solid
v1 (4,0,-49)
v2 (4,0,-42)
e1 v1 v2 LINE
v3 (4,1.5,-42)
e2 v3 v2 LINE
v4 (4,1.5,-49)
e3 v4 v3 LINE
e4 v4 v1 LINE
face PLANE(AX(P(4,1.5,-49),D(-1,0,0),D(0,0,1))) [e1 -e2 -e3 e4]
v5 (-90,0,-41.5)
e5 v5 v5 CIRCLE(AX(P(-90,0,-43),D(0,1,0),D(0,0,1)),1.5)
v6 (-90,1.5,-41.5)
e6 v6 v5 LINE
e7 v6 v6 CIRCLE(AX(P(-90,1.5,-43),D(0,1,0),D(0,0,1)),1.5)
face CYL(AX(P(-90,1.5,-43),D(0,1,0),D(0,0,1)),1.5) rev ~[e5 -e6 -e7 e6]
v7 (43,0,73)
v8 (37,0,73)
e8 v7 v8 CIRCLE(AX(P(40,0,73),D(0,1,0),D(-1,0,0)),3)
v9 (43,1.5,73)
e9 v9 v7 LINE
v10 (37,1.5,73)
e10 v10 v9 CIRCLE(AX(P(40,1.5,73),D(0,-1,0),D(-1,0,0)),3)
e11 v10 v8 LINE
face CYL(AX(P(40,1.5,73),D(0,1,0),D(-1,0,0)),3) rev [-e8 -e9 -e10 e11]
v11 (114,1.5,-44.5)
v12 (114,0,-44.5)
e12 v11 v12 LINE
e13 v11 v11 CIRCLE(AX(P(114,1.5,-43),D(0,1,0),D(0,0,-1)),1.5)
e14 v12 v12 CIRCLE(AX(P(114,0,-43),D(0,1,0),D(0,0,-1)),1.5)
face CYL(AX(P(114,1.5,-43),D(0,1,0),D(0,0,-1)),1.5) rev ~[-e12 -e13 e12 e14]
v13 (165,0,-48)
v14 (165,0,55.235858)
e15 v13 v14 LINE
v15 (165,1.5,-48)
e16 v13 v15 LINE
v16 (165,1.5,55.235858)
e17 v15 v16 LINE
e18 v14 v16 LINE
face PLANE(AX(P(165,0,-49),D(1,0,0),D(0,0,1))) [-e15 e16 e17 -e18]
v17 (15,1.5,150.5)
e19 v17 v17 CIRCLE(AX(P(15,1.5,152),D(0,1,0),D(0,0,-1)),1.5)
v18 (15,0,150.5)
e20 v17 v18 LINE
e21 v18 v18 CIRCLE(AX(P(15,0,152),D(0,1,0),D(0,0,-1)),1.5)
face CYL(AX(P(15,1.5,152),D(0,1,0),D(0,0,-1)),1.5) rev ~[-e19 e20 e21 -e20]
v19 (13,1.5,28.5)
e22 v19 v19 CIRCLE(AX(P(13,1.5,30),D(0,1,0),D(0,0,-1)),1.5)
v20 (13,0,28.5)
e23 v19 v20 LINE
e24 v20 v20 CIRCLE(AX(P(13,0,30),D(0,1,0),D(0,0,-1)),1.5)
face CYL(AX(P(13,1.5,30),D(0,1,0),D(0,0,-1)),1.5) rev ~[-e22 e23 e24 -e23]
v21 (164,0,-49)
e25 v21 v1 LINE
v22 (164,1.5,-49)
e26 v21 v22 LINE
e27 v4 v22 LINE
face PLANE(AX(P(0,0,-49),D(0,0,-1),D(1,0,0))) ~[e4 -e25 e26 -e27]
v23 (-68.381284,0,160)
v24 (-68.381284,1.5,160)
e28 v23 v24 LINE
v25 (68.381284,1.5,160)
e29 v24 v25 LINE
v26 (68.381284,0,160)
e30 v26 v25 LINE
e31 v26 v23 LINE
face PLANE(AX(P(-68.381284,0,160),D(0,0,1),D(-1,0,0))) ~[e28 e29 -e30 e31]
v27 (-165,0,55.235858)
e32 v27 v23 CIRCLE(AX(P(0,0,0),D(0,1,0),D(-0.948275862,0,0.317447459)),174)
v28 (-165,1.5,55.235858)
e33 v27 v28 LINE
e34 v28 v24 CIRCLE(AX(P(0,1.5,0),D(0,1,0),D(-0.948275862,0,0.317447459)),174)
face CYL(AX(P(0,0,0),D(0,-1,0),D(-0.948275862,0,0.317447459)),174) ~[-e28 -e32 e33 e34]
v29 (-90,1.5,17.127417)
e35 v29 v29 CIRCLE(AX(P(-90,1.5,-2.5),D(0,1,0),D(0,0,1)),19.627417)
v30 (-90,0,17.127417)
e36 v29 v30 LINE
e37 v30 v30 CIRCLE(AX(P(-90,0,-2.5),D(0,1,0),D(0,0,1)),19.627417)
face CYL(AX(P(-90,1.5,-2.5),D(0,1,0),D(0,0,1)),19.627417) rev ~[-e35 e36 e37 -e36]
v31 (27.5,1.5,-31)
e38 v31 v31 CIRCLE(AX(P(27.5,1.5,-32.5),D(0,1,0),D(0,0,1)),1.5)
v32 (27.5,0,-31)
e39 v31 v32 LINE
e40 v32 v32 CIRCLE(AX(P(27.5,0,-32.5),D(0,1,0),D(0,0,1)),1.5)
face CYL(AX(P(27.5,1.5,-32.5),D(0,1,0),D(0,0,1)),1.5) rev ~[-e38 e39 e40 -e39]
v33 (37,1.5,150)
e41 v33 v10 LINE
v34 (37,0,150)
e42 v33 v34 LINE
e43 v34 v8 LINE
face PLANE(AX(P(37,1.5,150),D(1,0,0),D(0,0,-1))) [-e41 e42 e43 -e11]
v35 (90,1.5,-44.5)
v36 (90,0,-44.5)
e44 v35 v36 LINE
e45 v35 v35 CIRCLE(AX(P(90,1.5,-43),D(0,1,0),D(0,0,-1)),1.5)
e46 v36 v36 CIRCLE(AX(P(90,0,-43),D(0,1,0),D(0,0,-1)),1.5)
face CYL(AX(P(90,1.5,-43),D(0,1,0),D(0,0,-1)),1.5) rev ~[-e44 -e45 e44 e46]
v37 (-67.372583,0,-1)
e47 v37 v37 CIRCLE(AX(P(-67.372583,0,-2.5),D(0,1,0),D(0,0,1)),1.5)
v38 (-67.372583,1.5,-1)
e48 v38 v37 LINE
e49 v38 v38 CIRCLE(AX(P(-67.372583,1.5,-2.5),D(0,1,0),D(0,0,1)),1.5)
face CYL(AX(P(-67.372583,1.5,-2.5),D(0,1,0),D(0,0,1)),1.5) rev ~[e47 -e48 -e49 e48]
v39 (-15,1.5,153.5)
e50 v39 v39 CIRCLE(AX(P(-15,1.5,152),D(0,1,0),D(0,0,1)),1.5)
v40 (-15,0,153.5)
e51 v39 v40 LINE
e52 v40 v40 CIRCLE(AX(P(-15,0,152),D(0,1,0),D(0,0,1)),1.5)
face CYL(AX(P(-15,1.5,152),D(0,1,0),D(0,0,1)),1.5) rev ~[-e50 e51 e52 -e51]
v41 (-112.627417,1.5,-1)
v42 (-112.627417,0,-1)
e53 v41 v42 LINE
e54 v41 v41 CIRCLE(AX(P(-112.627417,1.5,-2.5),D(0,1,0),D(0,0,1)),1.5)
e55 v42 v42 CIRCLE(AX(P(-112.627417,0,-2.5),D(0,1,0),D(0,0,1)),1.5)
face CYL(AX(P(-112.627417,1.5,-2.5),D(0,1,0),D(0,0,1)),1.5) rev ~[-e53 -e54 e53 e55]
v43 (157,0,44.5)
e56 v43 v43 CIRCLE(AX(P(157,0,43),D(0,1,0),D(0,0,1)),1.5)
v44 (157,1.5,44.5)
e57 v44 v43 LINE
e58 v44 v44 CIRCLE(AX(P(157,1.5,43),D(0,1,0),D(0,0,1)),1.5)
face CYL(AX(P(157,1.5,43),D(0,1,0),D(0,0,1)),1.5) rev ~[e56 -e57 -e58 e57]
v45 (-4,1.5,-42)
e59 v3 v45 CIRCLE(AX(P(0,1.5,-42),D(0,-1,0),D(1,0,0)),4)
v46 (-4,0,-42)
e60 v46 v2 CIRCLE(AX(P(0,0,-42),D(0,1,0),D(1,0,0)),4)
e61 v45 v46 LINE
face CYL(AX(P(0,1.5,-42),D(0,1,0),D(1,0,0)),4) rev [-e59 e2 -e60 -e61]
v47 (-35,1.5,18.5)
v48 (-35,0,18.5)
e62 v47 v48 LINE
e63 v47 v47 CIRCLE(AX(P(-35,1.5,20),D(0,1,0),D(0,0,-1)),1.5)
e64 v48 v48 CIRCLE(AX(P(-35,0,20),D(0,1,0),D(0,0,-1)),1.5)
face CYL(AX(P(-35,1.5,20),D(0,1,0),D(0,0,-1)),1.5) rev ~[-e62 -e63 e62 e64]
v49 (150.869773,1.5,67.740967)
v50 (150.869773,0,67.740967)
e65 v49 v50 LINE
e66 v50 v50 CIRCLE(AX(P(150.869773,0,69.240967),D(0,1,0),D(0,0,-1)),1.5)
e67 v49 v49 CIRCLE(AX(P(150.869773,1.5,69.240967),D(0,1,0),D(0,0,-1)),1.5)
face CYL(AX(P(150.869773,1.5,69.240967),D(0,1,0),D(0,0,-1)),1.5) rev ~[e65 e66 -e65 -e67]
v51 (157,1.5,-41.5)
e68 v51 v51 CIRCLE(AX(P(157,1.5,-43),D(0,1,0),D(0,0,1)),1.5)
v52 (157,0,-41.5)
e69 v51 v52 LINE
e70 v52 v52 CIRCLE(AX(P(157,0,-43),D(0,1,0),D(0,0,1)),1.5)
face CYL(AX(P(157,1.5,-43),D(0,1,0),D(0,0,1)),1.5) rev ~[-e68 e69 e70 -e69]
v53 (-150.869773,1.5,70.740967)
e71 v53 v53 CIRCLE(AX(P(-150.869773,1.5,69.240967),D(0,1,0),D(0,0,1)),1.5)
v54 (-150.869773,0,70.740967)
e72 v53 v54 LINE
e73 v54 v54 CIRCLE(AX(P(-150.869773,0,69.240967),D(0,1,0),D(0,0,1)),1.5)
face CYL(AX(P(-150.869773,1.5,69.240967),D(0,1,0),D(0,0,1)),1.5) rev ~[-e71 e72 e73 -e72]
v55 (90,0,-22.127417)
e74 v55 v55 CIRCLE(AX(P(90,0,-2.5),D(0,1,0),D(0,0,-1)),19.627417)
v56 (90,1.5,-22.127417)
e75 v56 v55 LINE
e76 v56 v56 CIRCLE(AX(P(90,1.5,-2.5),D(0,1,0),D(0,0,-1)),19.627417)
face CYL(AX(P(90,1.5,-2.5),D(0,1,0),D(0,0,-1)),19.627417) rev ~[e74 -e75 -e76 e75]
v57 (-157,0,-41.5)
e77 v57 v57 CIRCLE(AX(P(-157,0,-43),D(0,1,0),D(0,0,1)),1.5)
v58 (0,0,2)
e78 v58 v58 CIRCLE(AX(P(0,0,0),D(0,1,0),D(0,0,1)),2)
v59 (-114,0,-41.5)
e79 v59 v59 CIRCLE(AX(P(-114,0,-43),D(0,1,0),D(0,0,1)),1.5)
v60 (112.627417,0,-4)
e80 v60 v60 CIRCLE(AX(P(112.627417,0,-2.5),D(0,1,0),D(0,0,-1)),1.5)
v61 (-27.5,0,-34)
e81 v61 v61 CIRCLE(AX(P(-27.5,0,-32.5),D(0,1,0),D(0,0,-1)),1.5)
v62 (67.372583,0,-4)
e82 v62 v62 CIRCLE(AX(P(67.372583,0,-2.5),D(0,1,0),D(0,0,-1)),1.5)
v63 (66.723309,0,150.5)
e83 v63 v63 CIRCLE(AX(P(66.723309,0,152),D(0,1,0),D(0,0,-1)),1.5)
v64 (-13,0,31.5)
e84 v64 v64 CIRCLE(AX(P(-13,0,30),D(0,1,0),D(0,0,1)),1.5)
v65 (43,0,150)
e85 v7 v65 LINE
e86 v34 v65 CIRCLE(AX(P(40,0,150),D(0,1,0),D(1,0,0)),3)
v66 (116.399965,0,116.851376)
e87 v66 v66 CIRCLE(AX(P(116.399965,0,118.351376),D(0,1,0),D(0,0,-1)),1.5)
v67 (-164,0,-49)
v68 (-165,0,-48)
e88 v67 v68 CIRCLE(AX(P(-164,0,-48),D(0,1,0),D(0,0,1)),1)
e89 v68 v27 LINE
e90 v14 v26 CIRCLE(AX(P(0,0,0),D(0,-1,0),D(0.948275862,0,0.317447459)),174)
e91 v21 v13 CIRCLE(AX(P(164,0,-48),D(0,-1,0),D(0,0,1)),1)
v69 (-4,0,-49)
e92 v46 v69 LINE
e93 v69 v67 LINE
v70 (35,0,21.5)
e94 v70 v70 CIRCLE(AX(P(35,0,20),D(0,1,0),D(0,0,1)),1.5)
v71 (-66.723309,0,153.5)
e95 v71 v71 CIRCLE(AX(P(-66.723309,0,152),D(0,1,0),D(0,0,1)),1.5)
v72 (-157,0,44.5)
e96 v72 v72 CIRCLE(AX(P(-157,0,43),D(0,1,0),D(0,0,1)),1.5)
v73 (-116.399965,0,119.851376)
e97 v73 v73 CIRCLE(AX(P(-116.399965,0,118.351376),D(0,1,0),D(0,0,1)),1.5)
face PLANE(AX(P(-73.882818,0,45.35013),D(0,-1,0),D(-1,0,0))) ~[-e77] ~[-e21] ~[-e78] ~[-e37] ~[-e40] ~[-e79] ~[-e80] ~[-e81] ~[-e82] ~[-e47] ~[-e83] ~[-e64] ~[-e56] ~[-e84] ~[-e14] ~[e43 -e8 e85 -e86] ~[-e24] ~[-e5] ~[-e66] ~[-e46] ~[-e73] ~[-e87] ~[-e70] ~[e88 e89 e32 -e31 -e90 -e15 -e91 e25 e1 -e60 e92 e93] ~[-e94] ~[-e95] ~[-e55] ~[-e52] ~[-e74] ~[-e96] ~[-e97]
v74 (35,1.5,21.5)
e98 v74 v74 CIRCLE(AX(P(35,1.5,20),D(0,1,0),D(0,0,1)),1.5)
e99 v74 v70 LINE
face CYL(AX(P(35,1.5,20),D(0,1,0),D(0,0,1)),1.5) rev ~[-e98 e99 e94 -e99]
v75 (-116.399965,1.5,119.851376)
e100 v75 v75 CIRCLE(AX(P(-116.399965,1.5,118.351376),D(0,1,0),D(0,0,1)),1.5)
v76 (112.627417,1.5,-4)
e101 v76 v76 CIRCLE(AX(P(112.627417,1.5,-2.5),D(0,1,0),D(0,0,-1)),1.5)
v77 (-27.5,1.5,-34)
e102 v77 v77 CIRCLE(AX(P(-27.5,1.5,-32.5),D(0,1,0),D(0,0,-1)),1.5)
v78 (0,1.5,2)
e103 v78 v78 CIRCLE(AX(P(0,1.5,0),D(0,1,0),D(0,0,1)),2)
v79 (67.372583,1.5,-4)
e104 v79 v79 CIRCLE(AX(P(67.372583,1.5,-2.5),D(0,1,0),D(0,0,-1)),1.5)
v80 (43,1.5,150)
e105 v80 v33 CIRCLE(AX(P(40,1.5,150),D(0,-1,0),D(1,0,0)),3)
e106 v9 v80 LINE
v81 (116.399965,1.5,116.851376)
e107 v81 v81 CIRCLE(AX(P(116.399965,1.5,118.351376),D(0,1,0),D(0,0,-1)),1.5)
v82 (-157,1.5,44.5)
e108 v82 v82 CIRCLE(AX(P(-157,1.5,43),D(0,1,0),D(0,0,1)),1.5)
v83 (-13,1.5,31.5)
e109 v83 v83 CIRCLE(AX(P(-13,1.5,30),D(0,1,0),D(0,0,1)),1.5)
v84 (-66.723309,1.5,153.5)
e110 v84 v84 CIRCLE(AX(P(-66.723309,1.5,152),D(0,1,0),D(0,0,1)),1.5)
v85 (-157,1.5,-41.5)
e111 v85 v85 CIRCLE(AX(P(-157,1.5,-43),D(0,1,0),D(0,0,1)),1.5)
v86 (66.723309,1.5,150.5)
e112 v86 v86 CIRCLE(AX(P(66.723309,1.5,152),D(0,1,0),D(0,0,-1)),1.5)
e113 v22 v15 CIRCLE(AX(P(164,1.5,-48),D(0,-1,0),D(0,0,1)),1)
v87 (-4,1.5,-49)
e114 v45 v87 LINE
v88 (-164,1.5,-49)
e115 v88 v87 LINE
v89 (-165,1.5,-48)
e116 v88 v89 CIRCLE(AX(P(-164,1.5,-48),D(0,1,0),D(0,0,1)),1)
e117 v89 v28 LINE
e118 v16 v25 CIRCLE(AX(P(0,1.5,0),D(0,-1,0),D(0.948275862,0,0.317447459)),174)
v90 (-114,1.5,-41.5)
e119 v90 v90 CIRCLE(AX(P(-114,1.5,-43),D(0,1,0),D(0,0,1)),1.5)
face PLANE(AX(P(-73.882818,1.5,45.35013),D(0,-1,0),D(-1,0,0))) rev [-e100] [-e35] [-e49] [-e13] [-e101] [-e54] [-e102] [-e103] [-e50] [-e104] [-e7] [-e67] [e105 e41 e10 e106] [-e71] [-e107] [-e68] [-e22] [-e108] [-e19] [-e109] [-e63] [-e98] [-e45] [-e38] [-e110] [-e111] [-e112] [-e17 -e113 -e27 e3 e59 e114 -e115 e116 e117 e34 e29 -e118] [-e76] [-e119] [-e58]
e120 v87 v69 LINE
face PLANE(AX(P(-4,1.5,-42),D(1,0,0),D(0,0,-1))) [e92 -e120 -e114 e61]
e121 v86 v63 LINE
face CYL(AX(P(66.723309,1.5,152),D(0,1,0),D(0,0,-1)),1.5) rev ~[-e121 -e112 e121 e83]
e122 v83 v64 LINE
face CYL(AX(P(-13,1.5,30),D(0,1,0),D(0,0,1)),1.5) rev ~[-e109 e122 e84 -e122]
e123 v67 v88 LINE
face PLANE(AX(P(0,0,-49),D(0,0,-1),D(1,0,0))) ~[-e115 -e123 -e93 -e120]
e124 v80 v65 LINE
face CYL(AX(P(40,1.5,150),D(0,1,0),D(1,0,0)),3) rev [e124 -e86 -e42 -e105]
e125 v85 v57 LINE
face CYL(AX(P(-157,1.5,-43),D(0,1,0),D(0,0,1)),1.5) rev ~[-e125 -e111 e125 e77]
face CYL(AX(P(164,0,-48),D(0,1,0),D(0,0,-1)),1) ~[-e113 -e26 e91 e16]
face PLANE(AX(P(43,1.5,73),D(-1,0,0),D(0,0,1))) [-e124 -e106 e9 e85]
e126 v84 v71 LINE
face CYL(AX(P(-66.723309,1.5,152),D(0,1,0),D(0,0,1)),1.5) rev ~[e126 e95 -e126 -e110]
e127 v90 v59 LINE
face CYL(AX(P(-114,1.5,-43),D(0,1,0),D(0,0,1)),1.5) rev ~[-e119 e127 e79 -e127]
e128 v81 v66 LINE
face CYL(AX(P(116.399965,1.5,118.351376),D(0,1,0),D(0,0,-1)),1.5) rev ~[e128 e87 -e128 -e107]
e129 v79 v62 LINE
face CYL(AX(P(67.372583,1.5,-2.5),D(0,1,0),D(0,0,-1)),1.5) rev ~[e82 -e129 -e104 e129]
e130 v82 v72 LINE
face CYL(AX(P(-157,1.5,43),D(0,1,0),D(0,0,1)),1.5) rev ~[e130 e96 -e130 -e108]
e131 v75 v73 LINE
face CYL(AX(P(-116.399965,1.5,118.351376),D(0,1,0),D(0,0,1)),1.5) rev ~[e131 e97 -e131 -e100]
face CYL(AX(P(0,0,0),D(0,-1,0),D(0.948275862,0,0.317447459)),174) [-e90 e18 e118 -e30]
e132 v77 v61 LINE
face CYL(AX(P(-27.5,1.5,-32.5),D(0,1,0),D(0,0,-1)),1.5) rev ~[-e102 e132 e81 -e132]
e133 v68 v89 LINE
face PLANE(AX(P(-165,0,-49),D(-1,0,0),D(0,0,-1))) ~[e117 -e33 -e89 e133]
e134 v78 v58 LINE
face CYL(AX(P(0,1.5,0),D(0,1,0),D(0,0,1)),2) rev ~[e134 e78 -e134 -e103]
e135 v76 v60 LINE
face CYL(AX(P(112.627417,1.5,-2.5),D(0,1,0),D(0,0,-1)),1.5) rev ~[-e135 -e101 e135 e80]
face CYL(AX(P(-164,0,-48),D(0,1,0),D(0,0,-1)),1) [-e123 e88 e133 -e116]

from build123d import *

# Parameters (mm, degrees)
BOSS_EXTRU_1_DEPTH      = 1.5
ESQUISSE7_R             = 1.5
ENL_V_MAT_EXTRU_5_DEPTH = 230.841793415
ESQUISSE8_R             = 19.627416998
ESQUISSE8_R_2           = 1.5
ENL_V_MAT_EXTRU_6_DEPTH = 230.841793415
ESQUISSE9_R             = 1.5
ESQUISSE9_R_2           = 2
ENL_V_MAT_EXTRU_7_DEPTH = 230.841793415
ENL_V_MAT_EXTRU_8_DEPTH = 230.841793415
CONG_1_R                = 1
ESQUISSE11_R            = 1.5
ENL_V_MAT_EXTRU_9_DEPTH = 230.841793415


with BuildPart() as part:
    # Esquisse1 → Boss.-Extru.1 (new body)
    with BuildSketch(Plane(origin=(0, 0, 0), x_dir=(1, 0, 0), z_dir=(0, 1, 0))):
        with BuildLine():
            Line((0, 49), (165, 49))
            Line((165, 49), (165, -55.235857919))
            ThreePointArc((165, -55.235857919), (127.908511428, -117.963607542), (68.381283989, -160))
            Line((68.381283989, -160), (0, -160))
            Line((0, -160), (0, 49))
        make_face()
    extrude(amount=BOSS_EXTRU_1_DEPTH)

    # Symétrie1: part across plane


with BuildPart() as part_1:
    add(part.part)
    add(part.part.mirror(Plane(origin=(0, 1.5, -49), x_dir=(0, 0, 1), z_dir=(1, 0, 0))))

    # Esquisse7 → Enlèv. mat.-Extru.5 (cut, through all)
    with BuildSketch(Plane(origin=(0, 1.5, 0), x_dir=(1, 0, 0), z_dir=(0, 1, 0))):
        with Locations(Location((-157, -43, 0), (0, 0, 270))):
            Circle(ESQUISSE7_R)
        with Locations(Location((157, -43, 0), (0, 0, 270))):
            Circle(ESQUISSE7_R)
        with Locations(Location((157, 43, 0), (0, 0, 270))):
            Circle(ESQUISSE7_R)
        with Locations(Location((-157, 43, 0), (0, 0, 270))):
            Circle(ESQUISSE7_R)
        with Locations(Location((-114, 43, 0), (0, 0, 270))):
            Circle(ESQUISSE7_R)
        with Locations(Location((-90, 43, 0), (0, 0, 270))):
            Circle(ESQUISSE7_R)
        with Locations(Location((90, 43, 0), (0, 0, 90))):
            Circle(ESQUISSE7_R)
        with Locations(Location((114, 43, 0), (0, 0, 90))):
            Circle(ESQUISSE7_R)
    extrude(amount=-ENL_V_MAT_EXTRU_5_DEPTH, mode=Mode.SUBTRACT)

    # Esquisse8 → Enlèv. mat.-Extru.6 (cut, through all)
    with BuildSketch(Plane(origin=(0, 1.5, 0), x_dir=(1, 0, 0), z_dir=(0, 1, 0))):
        with Locations(Location((-90, 2.5, 0), (0, 0, 270))):
            Circle(ESQUISSE8_R)
        with Locations(Location((-112.627416998, 2.5, 0), (0, 0, 270))):
            Circle(ESQUISSE8_R_2)
        with Locations(Location((-67.372583002, 2.5, 0), (0, 0, 270))):
            Circle(ESQUISSE8_R_2)
        with Locations(Location((112.627416998, 2.5, 0), (0, 0, 90))):
            Circle(ESQUISSE8_R_2)
        with Locations(Location((67.372583002, 2.5, 0), (0, 0, 90))):
            Circle(ESQUISSE8_R_2)
        with Locations(Location((90, 2.5, 0), (0, 0, 90))):
            Circle(ESQUISSE8_R)
    extrude(amount=-ENL_V_MAT_EXTRU_6_DEPTH, mode=Mode.SUBTRACT)

    # Esquisse9 → Enlèv. mat.-Extru.7 (cut, through all)
    with BuildSketch(Plane(origin=(0, 1.5, 0), x_dir=(1, 0, 0), z_dir=(0, 1, 0))):
        with Locations(Location((27.5, 32.5, 0), (0, 0, 270))):
            Circle(ESQUISSE9_R)
        with Locations(Location((-13, -30, 0), (0, 0, 270))):
            Circle(ESQUISSE9_R)
        with Locations(Location((35, -20, 0), (0, 0, 270))):
            Circle(ESQUISSE9_R)
        with Locations(Location((-27.5, 32.5, 0), (0, 0, 90))):
            Circle(ESQUISSE9_R)
        with Locations(Location((0, 0, 0), (0, 0, 270))):
            Circle(ESQUISSE9_R_2)
        with Locations(Location((-35, -20, 0), (0, 0, 90))):
            Circle(ESQUISSE9_R)
        with Locations(Location((13, -30, 0), (0, 0, 90))):
            Circle(ESQUISSE9_R)
        with BuildLine():
            Line((4, 49), (4, 42))
            ThreePointArc((4, 42), (0, 38), (-4, 42))
            Line((-4, 42), (-4, 49))
            ThreePointArc((-4, 49), (0, 53), (4, 49))
        make_face()
    extrude(amount=-ENL_V_MAT_EXTRU_7_DEPTH, mode=Mode.SUBTRACT)

    # Esquisse10 → Enlèv. mat.-Extru.8 (cut, through all)
    with BuildSketch(Plane(origin=(0, 1.5, 0), x_dir=(1, 0, 0), z_dir=(0, 1, 0))):
        with BuildLine():
            Line((43, -73), (43, -150))
            ThreePointArc((43, -150), (40, -153), (37, -150))
            Line((37, -150), (37, -73))
            ThreePointArc((37, -73), (40, -70), (43, -73))
        make_face()
    extrude(amount=-ENL_V_MAT_EXTRU_8_DEPTH, mode=Mode.SUBTRACT)

    # Congé1
    cong_1_edges = [part_1.edges().sort_by_distance(p)[0] for p in [
        (-165, 0.75, -49),
        (165, 0.75, -49),
    ]]
    fillet(cong_1_edges, radius=CONG_1_R)

    # Esquisse11 → Enlèv. mat.-Extru.9 (cut, through all)
    with BuildSketch(Plane(origin=(0, 1.5, 0), x_dir=(1, 0, 0), z_dir=(0, 1, 0))):
        with Locations(Location((-150.869773386, -69.240966765, 0), (0, 0, 270))):
            Circle(ESQUISSE11_R)
        with Locations(Location((-116.399964779, -118.351375994, 0), (0, 0, 270))):
            Circle(ESQUISSE11_R)
        with Locations(Location((-66.72330927, -152, 0), (0, 0, 270))):
            Circle(ESQUISSE11_R)
        with Locations(Location((66.72330927, -152, 0), (0, 0, 90))):
            Circle(ESQUISSE11_R)
        with Locations(Location((116.399964779, -118.351375994, 0), (0, 0, 90))):
            Circle(ESQUISSE11_R)
        with Locations(Location((150.869773386, -69.240966765, 0), (0, 0, 90))):
            Circle(ESQUISSE11_R)
        with Locations(Location((-15, -152, 0), (0, 0, 270))):
            Circle(ESQUISSE11_R)
        with Locations(Location((15, -152, 0), (0, 0, 90))):
            Circle(ESQUISSE11_R)
    extrude(amount=-ENL_V_MAT_EXTRU_9_DEPTH, mode=Mode.SUBTRACT)


solid = part_1.part
